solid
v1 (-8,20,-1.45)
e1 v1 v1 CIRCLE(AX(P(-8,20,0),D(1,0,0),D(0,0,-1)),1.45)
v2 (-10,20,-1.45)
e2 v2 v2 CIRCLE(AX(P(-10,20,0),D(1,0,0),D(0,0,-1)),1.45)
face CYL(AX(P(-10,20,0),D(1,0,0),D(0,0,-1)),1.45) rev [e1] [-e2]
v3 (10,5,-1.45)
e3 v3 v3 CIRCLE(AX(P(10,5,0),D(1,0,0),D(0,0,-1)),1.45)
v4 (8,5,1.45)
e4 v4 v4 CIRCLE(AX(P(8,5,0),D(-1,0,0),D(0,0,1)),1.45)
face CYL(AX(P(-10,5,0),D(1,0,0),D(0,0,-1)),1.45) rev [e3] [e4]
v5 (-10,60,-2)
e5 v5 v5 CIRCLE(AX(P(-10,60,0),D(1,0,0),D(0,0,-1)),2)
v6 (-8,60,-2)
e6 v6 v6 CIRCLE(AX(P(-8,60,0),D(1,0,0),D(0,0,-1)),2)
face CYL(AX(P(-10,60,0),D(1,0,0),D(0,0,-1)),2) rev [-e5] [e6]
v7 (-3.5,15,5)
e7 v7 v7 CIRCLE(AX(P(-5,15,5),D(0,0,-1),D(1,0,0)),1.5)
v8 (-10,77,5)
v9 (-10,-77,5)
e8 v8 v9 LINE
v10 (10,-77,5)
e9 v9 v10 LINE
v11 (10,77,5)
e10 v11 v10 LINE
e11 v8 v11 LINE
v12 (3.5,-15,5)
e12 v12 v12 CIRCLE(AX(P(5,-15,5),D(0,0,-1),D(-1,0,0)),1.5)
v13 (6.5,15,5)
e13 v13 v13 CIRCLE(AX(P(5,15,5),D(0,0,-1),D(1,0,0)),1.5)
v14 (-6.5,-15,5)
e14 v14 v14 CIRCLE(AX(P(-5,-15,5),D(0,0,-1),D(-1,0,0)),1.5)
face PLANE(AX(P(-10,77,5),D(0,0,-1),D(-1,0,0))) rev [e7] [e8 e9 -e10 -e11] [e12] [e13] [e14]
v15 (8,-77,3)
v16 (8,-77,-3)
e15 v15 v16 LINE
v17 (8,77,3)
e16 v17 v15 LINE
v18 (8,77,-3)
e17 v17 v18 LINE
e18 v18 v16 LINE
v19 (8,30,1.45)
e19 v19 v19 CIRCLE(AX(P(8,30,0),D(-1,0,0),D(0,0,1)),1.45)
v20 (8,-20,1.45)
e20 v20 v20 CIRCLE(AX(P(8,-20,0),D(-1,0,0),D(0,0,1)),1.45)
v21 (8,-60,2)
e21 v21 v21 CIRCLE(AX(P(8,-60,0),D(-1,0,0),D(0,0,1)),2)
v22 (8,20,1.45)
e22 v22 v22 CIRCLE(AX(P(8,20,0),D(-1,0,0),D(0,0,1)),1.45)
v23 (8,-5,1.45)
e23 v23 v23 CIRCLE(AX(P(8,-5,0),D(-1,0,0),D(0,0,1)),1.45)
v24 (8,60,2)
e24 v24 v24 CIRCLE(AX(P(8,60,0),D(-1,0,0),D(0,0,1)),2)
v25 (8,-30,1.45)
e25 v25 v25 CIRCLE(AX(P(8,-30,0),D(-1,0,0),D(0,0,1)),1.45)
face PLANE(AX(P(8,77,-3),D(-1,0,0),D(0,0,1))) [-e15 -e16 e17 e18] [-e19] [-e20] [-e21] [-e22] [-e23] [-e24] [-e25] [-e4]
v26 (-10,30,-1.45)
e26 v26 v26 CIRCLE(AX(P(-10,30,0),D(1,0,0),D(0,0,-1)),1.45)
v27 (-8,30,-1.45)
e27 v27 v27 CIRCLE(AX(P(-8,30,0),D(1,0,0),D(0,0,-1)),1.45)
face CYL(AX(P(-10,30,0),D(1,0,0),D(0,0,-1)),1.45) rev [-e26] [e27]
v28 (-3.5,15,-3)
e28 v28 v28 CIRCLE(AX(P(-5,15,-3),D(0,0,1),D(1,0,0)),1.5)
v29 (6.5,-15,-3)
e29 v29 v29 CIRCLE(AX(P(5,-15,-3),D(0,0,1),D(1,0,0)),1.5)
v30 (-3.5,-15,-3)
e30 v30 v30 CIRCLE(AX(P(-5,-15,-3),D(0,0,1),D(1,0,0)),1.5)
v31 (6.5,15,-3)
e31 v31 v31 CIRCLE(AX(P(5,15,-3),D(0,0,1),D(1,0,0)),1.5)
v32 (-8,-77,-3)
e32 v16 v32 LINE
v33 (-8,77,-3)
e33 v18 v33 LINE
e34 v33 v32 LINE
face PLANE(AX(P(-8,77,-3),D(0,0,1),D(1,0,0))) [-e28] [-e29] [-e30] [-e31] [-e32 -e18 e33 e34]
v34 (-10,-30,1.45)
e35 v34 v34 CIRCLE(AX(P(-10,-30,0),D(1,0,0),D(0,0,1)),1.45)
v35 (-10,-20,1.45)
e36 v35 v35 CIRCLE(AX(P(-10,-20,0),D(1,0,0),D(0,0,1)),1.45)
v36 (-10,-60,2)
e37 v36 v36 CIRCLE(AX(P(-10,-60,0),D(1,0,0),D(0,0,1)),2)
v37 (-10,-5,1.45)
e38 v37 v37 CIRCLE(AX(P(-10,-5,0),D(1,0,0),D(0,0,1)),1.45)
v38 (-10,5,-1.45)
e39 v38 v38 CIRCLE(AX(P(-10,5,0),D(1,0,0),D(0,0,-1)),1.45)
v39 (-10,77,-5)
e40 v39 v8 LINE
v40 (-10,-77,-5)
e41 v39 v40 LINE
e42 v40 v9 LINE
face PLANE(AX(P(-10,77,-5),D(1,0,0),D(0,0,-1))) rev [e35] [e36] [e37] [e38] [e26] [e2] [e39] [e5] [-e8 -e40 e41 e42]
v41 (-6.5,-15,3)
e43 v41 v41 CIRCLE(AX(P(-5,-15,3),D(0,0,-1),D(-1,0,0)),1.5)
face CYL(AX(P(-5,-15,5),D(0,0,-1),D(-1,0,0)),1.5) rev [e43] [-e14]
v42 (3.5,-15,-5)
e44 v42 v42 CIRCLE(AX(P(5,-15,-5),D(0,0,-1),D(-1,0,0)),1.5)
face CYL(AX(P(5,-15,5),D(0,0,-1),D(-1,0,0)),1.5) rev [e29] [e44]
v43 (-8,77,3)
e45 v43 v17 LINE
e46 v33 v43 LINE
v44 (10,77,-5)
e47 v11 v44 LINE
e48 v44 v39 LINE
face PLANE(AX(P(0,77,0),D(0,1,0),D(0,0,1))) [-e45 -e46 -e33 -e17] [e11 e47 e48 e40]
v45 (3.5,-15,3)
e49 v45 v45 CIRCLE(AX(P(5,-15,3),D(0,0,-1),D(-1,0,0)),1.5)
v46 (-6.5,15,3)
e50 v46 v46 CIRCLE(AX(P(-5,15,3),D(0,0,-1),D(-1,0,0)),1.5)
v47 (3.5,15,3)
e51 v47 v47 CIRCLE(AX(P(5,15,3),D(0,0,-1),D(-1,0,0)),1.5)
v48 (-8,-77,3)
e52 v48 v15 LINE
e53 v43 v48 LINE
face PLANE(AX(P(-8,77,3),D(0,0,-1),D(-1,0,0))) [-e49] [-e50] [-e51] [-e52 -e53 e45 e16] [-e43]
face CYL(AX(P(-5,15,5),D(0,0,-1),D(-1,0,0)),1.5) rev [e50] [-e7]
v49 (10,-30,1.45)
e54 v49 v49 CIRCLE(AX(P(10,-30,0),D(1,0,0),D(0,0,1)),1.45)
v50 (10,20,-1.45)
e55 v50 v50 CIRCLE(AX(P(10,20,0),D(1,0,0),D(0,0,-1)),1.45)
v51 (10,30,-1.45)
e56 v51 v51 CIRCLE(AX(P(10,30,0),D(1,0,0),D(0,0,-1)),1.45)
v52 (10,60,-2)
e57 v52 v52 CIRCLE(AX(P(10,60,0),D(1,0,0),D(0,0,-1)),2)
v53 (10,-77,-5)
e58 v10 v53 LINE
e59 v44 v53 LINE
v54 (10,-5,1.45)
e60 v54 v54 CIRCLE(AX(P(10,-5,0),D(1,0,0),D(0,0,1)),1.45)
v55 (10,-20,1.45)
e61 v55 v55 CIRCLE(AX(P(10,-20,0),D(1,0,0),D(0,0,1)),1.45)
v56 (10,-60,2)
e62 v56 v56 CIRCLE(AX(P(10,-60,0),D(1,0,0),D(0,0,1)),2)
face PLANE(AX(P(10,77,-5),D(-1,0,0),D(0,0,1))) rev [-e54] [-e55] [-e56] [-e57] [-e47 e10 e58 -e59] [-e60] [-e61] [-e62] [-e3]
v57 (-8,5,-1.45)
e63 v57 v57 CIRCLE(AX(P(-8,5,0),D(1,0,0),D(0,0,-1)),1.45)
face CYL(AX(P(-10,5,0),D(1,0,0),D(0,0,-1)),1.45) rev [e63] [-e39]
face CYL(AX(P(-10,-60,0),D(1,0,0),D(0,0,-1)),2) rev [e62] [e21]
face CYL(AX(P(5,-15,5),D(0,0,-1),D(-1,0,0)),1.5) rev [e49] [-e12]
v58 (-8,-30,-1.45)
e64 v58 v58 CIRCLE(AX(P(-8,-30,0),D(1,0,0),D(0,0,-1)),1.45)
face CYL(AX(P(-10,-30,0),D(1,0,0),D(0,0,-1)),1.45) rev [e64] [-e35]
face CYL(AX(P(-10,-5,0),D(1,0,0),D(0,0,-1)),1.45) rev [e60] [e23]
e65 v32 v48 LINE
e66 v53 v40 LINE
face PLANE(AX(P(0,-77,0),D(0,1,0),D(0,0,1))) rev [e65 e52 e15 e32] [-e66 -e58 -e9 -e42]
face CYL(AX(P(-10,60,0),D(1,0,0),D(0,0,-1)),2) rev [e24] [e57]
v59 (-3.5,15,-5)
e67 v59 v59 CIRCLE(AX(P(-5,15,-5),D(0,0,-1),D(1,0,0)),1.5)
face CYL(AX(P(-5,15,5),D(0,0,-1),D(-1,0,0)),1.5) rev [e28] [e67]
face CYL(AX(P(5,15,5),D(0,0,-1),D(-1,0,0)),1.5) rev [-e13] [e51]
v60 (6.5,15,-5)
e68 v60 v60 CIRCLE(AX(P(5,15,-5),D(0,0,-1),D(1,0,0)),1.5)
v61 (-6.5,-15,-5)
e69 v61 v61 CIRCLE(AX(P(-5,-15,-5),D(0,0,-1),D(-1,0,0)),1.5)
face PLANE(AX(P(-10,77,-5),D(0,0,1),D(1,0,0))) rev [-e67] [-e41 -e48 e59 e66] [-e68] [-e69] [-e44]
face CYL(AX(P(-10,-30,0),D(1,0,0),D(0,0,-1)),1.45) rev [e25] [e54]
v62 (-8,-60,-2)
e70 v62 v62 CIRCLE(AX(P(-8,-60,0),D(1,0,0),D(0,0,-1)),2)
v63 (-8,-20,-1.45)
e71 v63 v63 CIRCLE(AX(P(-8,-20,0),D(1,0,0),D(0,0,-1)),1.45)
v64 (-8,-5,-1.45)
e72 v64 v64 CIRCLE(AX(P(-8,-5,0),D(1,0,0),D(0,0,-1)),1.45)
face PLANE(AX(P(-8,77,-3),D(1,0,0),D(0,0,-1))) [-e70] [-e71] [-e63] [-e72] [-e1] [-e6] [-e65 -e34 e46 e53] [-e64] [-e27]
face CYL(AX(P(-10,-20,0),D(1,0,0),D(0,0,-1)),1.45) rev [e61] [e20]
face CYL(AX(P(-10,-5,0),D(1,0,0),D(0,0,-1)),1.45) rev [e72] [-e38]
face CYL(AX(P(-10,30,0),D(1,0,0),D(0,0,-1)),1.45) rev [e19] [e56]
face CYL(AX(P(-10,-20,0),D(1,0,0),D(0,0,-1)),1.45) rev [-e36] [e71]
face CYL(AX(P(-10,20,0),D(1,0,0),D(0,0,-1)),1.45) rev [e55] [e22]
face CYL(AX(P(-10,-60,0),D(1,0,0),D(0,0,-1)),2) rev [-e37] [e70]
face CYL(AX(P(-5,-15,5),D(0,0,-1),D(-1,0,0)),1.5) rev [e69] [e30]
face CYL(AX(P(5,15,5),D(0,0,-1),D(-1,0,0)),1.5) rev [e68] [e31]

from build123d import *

# Parameters (mm, degrees)
SKETCH_1_W          = 20
SKETCH_1_H          = 10
SKETCH_1_W_2        = 16
SKETCH_1_H_2        = 6
EXTRUDE_1_DEPTH     = 77
SKETCH_2_R          = 1.45
SKETCH_2_R_2        = 2
CUT_EXTRUDE_1_DEPTH = 80.711981534
SKETCH_3_R          = 1.5
CUT_EXTRUDE_2_DEPTH = 79.287930104


with BuildPart() as part:
    # 草图1 → 凸台-拉伸1 (new, symmetric)
    with BuildSketch(Plane(origin=(0, 0, 0), x_dir=(1, 0, 0), z_dir=(0, 1, 0))):
        Rectangle(SKETCH_1_W, SKETCH_1_H)
        Rectangle(SKETCH_1_W_2, SKETCH_1_H_2, mode=Mode.SUBTRACT)
    extrude(amount=EXTRUDE_1_DEPTH, both=True)

    # 草图2 → 切除-拉伸1 (cut, through all)
    with BuildSketch(Plane(origin=(10, 0, 0), x_dir=(0, 0, -1), z_dir=(1, 0, 0))):
        with Locations((0, 5)):
            Circle(SKETCH_2_R)
        with Locations((0, 20)):
            Circle(SKETCH_2_R)
        with Locations((0, 30)):
            Circle(SKETCH_2_R)
        with Locations((0, -30)):
            Circle(SKETCH_2_R)
        with Locations((0, -20)):
            Circle(SKETCH_2_R)
        with Locations((0, -5)):
            Circle(SKETCH_2_R)
        with Locations((0, 60)):
            Circle(SKETCH_2_R_2)
        with Locations((0, -60)):
            Circle(SKETCH_2_R_2)
    extrude(amount=-CUT_EXTRUDE_1_DEPTH, mode=Mode.SUBTRACT)

    # 草图3 → 切除-拉伸2 (cut, through all)
    with BuildSketch(Plane(origin=(0, 0, -5), x_dir=(-1, 0, 0), z_dir=(0, 0, -1))):
        with Locations((5, -15)):
            Circle(SKETCH_3_R)
        with Locations((-5, -15)):
            Circle(SKETCH_3_R)
        with Locations((5, 15)):
            Circle(SKETCH_3_R)
        with Locations((-5, 15)):
            Circle(SKETCH_3_R)
    extrude(amount=-CUT_EXTRUDE_2_DEPTH, mode=Mode.SUBTRACT)


solid = part.part
